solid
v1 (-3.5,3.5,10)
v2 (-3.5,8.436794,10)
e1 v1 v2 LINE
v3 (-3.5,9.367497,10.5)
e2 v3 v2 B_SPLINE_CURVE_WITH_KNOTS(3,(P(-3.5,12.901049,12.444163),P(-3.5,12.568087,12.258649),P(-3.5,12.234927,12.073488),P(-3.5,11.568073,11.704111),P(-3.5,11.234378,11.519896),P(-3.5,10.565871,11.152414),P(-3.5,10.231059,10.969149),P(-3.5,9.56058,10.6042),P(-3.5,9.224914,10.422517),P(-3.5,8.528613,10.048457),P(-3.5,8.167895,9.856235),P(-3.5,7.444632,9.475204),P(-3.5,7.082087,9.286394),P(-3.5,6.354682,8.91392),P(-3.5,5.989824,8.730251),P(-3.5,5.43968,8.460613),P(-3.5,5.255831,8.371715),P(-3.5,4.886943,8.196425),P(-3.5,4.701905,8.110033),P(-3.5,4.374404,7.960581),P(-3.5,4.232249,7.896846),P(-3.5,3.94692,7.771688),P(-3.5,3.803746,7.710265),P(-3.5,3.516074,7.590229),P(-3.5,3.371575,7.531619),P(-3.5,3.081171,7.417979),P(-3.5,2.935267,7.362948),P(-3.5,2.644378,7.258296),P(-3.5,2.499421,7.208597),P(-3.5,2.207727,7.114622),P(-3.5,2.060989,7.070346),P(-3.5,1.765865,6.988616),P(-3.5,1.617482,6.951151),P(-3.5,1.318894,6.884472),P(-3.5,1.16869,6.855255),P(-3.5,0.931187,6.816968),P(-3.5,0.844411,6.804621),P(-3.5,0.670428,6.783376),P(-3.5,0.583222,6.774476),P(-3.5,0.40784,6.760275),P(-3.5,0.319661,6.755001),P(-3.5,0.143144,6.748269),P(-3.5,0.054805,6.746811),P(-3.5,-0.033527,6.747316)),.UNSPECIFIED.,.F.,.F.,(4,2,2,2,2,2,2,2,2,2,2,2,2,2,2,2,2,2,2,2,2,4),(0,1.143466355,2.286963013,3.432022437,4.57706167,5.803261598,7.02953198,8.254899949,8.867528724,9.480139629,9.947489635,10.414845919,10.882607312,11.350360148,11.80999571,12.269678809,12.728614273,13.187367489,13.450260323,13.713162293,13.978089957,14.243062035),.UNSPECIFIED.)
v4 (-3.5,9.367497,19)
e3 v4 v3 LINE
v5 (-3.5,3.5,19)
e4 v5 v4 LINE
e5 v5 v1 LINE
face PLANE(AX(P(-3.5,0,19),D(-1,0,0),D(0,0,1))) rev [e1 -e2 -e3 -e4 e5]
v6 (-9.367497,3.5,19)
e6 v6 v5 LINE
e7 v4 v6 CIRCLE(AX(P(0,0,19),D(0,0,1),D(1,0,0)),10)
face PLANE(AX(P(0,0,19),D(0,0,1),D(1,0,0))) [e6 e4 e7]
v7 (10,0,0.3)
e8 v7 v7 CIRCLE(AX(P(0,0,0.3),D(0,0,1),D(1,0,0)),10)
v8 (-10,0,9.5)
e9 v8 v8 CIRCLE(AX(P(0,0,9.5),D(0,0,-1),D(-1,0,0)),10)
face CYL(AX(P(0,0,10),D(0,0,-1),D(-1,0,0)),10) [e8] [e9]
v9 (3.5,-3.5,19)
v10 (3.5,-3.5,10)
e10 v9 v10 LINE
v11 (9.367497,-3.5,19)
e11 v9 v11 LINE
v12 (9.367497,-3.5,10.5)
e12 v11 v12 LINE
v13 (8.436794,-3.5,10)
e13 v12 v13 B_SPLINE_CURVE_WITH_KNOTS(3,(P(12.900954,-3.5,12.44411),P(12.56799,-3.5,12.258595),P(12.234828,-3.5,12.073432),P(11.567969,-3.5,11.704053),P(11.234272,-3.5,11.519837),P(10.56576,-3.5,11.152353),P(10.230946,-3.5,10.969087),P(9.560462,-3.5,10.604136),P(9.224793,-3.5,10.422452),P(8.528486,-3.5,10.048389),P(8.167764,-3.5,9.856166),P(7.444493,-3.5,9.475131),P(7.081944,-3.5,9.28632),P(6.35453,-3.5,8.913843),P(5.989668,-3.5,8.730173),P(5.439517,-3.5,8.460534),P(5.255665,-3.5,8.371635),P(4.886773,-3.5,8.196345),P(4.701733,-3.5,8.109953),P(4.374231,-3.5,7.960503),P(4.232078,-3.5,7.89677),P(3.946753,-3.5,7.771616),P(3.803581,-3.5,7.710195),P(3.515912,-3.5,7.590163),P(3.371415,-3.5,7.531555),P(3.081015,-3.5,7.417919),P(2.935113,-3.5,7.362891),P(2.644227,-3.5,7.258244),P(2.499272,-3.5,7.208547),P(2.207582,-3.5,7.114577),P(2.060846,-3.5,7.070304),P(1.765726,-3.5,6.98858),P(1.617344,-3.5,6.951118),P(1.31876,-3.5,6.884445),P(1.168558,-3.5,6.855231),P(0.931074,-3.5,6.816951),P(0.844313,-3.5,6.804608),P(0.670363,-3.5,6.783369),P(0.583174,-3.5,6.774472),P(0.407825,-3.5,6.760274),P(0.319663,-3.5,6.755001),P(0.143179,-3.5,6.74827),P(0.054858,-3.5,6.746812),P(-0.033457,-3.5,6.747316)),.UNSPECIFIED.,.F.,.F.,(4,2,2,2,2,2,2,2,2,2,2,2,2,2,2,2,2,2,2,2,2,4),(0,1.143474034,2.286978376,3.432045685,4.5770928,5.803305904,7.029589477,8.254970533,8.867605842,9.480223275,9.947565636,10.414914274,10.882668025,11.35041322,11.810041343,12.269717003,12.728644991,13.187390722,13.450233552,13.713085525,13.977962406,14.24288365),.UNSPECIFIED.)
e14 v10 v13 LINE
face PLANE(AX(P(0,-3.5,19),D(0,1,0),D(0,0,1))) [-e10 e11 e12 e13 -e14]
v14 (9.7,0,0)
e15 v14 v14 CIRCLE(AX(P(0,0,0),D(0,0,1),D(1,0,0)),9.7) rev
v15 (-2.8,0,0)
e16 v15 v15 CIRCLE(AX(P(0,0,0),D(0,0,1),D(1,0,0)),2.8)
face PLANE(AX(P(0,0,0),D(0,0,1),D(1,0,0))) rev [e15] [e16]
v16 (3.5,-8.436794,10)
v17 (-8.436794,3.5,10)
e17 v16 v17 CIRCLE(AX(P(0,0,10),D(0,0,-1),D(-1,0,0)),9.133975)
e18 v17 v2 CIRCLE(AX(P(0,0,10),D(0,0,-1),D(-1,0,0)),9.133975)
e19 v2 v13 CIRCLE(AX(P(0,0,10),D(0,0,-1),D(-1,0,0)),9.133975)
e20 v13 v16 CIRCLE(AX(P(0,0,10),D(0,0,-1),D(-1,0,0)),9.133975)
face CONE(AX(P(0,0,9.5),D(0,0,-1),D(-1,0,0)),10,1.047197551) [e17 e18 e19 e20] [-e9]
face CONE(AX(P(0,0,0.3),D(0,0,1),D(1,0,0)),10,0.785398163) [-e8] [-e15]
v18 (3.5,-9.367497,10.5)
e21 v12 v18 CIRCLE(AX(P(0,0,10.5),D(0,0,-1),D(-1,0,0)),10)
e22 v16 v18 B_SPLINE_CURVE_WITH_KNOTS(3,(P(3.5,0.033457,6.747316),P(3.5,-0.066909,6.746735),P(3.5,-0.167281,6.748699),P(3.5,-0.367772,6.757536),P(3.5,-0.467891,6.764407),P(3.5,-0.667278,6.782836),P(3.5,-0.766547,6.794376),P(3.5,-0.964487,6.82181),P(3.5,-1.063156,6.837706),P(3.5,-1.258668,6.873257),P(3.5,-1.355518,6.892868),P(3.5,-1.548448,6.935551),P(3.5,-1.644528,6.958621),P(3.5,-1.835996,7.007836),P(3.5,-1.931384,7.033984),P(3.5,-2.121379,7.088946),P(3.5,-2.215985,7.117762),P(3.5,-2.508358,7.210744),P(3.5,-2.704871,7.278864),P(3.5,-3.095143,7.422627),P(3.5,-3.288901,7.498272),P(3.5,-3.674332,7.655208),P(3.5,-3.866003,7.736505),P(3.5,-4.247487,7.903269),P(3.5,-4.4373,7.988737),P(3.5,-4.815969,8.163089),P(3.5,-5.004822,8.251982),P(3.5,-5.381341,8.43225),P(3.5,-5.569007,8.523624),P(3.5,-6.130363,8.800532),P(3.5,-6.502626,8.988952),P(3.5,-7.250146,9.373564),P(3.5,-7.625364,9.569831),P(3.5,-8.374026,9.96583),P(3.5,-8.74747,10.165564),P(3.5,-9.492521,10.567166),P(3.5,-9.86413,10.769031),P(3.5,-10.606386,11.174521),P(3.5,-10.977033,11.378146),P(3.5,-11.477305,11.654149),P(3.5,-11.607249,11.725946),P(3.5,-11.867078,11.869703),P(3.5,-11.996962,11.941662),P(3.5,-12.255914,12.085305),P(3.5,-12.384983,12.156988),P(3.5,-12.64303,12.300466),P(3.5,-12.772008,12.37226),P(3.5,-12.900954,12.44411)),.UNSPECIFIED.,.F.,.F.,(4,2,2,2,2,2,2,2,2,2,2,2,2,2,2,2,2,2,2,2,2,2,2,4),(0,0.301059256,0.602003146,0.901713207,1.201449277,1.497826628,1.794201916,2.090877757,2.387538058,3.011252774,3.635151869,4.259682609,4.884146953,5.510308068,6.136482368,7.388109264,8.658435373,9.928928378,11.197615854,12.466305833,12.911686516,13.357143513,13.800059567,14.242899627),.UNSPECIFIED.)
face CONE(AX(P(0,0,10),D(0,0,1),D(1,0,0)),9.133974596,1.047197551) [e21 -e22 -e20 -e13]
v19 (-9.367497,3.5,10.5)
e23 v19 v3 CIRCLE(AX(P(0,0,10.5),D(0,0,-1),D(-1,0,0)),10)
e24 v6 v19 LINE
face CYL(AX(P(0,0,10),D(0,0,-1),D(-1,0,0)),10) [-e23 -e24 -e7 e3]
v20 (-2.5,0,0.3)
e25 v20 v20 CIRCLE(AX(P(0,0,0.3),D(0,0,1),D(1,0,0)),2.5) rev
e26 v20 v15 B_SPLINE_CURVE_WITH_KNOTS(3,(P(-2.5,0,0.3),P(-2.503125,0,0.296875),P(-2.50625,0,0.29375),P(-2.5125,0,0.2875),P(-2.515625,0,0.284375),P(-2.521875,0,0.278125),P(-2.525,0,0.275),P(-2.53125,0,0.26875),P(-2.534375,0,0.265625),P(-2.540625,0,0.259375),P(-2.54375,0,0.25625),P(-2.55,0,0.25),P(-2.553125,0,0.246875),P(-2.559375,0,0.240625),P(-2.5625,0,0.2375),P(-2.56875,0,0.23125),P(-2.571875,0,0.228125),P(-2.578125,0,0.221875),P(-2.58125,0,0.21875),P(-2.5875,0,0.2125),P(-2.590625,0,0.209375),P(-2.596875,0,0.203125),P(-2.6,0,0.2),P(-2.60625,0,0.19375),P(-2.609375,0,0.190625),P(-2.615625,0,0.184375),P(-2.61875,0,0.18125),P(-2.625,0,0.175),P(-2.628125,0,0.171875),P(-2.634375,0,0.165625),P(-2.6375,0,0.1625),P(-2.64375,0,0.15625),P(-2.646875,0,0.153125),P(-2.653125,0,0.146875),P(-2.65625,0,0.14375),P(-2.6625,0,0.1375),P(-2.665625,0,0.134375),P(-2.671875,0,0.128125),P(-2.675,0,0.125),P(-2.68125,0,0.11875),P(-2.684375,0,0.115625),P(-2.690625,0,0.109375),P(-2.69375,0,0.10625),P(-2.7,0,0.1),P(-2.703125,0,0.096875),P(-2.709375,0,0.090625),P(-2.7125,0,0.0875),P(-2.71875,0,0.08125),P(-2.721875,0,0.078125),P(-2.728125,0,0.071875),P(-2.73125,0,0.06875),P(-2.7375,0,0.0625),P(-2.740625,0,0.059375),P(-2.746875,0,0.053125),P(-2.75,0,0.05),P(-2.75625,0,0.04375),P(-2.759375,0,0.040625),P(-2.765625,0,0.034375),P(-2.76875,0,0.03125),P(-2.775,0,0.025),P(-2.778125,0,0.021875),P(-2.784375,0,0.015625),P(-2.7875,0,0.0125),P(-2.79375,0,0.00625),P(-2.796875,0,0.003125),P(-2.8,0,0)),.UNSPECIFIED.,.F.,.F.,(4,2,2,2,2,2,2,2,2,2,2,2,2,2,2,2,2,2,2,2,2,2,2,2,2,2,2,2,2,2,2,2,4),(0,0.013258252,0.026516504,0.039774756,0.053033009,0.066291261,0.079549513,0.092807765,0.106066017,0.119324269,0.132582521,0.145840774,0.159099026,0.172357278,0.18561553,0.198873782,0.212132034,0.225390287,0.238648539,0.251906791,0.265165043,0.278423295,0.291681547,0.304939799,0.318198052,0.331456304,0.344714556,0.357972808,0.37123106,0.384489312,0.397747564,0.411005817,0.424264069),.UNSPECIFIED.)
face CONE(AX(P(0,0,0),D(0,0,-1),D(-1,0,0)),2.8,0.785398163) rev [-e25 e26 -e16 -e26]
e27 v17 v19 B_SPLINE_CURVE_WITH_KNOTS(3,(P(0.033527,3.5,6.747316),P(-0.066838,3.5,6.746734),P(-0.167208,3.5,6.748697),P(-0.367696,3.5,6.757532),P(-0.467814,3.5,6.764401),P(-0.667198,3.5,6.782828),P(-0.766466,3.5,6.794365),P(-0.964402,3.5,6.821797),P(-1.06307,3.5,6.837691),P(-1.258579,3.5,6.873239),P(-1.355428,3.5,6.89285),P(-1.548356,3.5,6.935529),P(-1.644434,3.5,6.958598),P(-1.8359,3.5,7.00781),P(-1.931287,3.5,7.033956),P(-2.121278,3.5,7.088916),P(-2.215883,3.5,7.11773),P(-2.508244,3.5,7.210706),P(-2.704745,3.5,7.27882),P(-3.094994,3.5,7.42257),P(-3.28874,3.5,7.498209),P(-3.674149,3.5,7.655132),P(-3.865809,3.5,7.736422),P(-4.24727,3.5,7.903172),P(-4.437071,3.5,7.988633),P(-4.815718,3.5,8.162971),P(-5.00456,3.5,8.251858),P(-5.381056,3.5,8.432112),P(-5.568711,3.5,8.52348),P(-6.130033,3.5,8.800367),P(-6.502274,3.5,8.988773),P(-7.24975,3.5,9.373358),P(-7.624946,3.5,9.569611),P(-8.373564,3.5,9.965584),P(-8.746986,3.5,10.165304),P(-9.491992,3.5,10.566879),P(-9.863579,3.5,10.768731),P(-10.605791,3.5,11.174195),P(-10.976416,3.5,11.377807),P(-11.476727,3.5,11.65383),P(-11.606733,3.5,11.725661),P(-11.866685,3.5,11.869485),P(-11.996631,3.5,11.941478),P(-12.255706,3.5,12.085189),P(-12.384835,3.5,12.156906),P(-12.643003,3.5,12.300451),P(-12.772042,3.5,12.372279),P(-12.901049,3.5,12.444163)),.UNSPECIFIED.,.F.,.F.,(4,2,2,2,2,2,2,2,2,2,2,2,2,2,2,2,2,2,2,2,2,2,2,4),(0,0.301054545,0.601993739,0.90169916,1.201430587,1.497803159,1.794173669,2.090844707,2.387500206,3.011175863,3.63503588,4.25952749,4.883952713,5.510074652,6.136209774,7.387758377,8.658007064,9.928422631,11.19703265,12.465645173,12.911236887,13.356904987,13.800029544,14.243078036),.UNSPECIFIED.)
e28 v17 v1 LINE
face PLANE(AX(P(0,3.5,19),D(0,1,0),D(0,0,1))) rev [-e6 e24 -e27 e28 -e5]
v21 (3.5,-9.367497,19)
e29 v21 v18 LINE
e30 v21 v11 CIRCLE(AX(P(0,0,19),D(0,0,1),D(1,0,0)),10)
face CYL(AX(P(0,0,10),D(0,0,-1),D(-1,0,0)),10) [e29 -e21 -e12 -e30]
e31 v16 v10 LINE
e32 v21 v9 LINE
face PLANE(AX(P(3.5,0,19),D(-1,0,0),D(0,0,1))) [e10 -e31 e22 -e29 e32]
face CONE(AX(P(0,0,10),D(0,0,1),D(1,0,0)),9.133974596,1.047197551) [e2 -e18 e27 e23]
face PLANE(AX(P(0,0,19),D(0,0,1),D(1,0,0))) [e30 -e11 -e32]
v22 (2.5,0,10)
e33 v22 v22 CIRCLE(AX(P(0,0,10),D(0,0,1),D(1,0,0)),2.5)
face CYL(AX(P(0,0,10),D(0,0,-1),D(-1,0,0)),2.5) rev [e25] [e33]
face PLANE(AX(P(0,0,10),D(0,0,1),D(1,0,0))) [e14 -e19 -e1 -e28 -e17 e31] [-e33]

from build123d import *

# Parameters (mm, degrees)
SKETCH_1_R      = 10
SKETCH_1_R_2    = 2.5
EXTRUDE_1_DEPTH = 10
CHAMFER_1_SIZE  = 0.3
EXTRUDE_2_DEPTH = 9


with BuildPart() as part:
    # 스케치1 → 보스-돌출1 (new body)
    with BuildSketch(Plane.XY):
        Circle(SKETCH_1_R)
        Circle(SKETCH_1_R_2, mode=Mode.SUBTRACT)
    extrude(amount=EXTRUDE_1_DEPTH)

    # 모따기1
    chamfer_1_edges = [part.edges().sort_by_distance(p)[0] for p in [
        (-10, 0, 0),
        (-2.5, 0, 0),
    ]]
    chamfer(chamfer_1_edges, length=CHAMFER_1_SIZE)

    # 스케치2 → 보스-돌출2 (add)
    with BuildSketch(Plane.XY.offset(10)):
        with BuildLine():
            ThreePointArc((-3.5, 9.367496998), (-7.071067812, 7.071067812), (-9.367496998, 3.5))
            Line((-9.367496998, 3.5), (-3.5, 3.5))
            Line((-3.5, 3.5), (-3.5, 9.367496998))
        make_face()
        with BuildLine():
            Line((9.367496998, -3.5), (3.5, -3.5))
            Line((3.5, -3.5), (3.5, -9.367496998))
            ThreePointArc((3.5, -9.367496998), (7.071067812, -7.071067812), (9.367496998, -3.5))
        make_face()
    extrude(amount=EXTRUDE_2_DEPTH)

    # 스케치3 → 컷-회전1 (revolve, cut)
    with BuildSketch(Plane(origin=(0, 0, 0), x_dir=(1, 0, 0), z_dir=(0, 1, 0)), mode=Mode.PRIVATE) as cut_revolve_1_sk:
        Polygon((9.133974596, -10), (10, -10.5), (10, -9.5), align=None)
    revolve(cut_revolve_1_sk.sketch.rotate(Axis((0, 0, 0), (0, 0, 1)), 180), axis=Axis((0, 0, 0), (0, 0, 1)), mode=Mode.SUBTRACT)


solid = part.part
